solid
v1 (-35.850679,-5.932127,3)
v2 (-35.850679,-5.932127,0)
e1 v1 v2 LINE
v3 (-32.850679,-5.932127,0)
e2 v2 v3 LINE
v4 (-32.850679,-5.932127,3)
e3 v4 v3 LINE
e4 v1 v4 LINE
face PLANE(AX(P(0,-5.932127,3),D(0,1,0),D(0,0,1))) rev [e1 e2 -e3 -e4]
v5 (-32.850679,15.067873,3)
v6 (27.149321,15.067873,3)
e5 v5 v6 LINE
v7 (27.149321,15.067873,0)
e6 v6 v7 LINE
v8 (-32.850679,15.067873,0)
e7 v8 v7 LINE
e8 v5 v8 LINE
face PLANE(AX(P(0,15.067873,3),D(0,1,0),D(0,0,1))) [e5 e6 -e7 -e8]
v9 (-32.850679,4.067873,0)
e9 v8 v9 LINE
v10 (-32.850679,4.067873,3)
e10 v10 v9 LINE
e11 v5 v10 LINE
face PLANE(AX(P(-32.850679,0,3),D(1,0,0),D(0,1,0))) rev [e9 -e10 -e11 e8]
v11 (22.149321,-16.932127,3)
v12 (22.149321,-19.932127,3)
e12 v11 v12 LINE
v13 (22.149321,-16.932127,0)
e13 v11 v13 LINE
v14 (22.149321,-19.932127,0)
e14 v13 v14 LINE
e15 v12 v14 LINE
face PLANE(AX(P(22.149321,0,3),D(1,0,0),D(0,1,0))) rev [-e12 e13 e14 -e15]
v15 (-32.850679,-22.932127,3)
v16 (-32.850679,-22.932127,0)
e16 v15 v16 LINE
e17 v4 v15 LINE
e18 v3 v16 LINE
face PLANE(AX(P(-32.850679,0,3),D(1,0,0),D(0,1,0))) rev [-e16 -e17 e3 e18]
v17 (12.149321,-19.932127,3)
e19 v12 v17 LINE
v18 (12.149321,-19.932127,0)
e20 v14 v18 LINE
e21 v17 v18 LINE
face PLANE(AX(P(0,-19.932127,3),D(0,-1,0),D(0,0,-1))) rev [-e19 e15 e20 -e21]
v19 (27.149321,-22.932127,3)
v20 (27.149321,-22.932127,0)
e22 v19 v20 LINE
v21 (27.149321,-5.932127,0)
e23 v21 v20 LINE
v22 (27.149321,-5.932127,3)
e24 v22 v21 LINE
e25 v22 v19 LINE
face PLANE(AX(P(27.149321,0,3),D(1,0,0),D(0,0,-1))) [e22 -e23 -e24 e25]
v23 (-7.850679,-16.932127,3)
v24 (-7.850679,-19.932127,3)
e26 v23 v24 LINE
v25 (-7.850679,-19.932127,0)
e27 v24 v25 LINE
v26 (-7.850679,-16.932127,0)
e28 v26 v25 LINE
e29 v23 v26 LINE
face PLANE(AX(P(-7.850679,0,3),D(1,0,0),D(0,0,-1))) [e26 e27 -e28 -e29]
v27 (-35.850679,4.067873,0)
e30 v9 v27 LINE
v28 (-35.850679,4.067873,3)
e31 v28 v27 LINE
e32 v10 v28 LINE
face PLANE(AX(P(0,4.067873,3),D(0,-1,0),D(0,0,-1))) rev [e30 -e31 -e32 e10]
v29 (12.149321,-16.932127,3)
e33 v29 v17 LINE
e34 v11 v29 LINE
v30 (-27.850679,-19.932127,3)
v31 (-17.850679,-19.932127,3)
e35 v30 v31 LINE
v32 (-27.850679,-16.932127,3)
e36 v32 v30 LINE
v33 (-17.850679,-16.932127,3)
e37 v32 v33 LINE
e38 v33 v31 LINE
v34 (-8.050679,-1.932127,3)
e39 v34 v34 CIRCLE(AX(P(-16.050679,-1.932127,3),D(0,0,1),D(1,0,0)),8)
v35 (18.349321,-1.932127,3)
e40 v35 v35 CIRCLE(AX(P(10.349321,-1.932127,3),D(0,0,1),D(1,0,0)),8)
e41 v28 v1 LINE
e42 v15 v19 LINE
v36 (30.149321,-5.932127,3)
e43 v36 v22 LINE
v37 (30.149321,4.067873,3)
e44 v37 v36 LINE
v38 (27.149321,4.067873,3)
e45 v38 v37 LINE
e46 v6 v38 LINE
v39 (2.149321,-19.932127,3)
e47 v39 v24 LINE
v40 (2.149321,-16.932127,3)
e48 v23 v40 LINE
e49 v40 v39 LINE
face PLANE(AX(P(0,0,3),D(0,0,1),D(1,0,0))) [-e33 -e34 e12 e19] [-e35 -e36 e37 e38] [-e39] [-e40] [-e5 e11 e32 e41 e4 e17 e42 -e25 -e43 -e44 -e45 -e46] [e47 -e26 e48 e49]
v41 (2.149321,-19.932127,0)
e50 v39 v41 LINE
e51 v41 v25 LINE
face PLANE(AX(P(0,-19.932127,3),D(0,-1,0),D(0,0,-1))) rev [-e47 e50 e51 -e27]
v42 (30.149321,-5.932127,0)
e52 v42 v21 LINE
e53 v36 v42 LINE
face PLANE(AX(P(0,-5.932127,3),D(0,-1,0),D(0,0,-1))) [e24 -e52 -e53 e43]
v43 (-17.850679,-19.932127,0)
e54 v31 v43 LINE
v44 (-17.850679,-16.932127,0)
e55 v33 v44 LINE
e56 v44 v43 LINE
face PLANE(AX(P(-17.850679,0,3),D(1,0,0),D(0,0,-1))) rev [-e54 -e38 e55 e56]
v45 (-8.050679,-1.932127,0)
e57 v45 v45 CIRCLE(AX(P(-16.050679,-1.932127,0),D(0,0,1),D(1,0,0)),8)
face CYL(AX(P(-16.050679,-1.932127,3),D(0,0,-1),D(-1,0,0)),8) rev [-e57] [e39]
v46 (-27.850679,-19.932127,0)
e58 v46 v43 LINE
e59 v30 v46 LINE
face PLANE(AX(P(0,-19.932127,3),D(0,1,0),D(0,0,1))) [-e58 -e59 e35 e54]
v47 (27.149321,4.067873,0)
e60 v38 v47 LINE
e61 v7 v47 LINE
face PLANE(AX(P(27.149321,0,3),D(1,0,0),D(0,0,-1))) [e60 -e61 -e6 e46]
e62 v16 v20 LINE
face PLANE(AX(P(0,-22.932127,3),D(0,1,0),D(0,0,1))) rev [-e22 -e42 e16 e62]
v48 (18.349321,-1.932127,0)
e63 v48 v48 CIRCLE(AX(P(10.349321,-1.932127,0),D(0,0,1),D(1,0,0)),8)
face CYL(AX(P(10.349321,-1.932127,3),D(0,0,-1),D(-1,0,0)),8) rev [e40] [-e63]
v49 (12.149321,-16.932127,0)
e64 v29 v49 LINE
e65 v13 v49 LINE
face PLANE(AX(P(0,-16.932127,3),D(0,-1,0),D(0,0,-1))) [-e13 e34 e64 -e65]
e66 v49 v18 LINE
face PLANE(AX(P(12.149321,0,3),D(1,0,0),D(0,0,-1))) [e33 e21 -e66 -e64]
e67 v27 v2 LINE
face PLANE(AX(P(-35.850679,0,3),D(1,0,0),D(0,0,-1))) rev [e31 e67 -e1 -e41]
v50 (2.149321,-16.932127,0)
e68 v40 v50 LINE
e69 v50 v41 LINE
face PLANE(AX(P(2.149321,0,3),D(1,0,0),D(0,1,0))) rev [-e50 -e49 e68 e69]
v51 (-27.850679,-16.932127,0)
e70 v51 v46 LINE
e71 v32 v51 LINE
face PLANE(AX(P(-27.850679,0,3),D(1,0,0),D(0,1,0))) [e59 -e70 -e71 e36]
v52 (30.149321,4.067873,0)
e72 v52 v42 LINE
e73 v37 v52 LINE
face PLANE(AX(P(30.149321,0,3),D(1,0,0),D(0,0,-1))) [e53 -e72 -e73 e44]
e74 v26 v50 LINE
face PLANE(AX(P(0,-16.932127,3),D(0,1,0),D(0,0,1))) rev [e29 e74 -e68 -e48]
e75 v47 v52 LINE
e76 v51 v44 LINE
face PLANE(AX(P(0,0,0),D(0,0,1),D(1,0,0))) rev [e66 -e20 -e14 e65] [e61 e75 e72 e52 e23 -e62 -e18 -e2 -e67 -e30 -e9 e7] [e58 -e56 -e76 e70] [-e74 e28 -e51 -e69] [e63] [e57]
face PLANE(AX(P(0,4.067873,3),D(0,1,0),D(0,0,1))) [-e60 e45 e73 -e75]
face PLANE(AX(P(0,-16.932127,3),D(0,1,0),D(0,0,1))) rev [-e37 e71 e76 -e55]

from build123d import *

# Parameters (mm, degrees)
SKETCH1_W           = 60
SKETCH1_H           = 38
SKETCH1_R           = 8
SKETCH1_W_2         = 10
SKETCH1_H_2         = 3
SKETCH1_W_3         = 3
SKETCH1_H_3         = 10
BOSS_EXTRUDE1_DEPTH = 3


with BuildPart() as part:
    # Sketch1 → Boss-Extrude1 (new body)
    # profile 1 of 3: a face of its own
    with BuildSketch(Plane.XY):
        with Locations((-2.850678733, -3.932126697)):
            Rectangle(SKETCH1_W, SKETCH1_H)
        with Locations((-16.050678733, -1.932126697)):
            Circle(SKETCH1_R, mode=Mode.SUBTRACT)
        with Locations((10.349321267, -1.932126697)):
            Circle(SKETCH1_R, mode=Mode.SUBTRACT)
        with Locations((-2.850678733, -18.432126697)):
            Rectangle(SKETCH1_W_2, SKETCH1_H_2, mode=Mode.SUBTRACT)
        with Locations((17.149321267, -18.432126697)):
            Rectangle(SKETCH1_W_2, SKETCH1_H_2, mode=Mode.SUBTRACT)
        with Locations((-22.850678733, -18.432126697)):
            Rectangle(SKETCH1_W_2, SKETCH1_H_2, mode=Mode.SUBTRACT)
    # profile 2 of 3: a face of its own
    with BuildSketch(Plane.XY):
        with Locations((-34.350678733, -0.932126697)):
            Rectangle(SKETCH1_W_3, SKETCH1_H_3)
    # profile 3 of 3: a face of its own
    with BuildSketch(Plane.XY):
        with Locations((28.649321267, -0.932126697)):
            Rectangle(SKETCH1_W_3, SKETCH1_H_3)
    extrude(amount=BOSS_EXTRUDE1_DEPTH)


solid = part.part
